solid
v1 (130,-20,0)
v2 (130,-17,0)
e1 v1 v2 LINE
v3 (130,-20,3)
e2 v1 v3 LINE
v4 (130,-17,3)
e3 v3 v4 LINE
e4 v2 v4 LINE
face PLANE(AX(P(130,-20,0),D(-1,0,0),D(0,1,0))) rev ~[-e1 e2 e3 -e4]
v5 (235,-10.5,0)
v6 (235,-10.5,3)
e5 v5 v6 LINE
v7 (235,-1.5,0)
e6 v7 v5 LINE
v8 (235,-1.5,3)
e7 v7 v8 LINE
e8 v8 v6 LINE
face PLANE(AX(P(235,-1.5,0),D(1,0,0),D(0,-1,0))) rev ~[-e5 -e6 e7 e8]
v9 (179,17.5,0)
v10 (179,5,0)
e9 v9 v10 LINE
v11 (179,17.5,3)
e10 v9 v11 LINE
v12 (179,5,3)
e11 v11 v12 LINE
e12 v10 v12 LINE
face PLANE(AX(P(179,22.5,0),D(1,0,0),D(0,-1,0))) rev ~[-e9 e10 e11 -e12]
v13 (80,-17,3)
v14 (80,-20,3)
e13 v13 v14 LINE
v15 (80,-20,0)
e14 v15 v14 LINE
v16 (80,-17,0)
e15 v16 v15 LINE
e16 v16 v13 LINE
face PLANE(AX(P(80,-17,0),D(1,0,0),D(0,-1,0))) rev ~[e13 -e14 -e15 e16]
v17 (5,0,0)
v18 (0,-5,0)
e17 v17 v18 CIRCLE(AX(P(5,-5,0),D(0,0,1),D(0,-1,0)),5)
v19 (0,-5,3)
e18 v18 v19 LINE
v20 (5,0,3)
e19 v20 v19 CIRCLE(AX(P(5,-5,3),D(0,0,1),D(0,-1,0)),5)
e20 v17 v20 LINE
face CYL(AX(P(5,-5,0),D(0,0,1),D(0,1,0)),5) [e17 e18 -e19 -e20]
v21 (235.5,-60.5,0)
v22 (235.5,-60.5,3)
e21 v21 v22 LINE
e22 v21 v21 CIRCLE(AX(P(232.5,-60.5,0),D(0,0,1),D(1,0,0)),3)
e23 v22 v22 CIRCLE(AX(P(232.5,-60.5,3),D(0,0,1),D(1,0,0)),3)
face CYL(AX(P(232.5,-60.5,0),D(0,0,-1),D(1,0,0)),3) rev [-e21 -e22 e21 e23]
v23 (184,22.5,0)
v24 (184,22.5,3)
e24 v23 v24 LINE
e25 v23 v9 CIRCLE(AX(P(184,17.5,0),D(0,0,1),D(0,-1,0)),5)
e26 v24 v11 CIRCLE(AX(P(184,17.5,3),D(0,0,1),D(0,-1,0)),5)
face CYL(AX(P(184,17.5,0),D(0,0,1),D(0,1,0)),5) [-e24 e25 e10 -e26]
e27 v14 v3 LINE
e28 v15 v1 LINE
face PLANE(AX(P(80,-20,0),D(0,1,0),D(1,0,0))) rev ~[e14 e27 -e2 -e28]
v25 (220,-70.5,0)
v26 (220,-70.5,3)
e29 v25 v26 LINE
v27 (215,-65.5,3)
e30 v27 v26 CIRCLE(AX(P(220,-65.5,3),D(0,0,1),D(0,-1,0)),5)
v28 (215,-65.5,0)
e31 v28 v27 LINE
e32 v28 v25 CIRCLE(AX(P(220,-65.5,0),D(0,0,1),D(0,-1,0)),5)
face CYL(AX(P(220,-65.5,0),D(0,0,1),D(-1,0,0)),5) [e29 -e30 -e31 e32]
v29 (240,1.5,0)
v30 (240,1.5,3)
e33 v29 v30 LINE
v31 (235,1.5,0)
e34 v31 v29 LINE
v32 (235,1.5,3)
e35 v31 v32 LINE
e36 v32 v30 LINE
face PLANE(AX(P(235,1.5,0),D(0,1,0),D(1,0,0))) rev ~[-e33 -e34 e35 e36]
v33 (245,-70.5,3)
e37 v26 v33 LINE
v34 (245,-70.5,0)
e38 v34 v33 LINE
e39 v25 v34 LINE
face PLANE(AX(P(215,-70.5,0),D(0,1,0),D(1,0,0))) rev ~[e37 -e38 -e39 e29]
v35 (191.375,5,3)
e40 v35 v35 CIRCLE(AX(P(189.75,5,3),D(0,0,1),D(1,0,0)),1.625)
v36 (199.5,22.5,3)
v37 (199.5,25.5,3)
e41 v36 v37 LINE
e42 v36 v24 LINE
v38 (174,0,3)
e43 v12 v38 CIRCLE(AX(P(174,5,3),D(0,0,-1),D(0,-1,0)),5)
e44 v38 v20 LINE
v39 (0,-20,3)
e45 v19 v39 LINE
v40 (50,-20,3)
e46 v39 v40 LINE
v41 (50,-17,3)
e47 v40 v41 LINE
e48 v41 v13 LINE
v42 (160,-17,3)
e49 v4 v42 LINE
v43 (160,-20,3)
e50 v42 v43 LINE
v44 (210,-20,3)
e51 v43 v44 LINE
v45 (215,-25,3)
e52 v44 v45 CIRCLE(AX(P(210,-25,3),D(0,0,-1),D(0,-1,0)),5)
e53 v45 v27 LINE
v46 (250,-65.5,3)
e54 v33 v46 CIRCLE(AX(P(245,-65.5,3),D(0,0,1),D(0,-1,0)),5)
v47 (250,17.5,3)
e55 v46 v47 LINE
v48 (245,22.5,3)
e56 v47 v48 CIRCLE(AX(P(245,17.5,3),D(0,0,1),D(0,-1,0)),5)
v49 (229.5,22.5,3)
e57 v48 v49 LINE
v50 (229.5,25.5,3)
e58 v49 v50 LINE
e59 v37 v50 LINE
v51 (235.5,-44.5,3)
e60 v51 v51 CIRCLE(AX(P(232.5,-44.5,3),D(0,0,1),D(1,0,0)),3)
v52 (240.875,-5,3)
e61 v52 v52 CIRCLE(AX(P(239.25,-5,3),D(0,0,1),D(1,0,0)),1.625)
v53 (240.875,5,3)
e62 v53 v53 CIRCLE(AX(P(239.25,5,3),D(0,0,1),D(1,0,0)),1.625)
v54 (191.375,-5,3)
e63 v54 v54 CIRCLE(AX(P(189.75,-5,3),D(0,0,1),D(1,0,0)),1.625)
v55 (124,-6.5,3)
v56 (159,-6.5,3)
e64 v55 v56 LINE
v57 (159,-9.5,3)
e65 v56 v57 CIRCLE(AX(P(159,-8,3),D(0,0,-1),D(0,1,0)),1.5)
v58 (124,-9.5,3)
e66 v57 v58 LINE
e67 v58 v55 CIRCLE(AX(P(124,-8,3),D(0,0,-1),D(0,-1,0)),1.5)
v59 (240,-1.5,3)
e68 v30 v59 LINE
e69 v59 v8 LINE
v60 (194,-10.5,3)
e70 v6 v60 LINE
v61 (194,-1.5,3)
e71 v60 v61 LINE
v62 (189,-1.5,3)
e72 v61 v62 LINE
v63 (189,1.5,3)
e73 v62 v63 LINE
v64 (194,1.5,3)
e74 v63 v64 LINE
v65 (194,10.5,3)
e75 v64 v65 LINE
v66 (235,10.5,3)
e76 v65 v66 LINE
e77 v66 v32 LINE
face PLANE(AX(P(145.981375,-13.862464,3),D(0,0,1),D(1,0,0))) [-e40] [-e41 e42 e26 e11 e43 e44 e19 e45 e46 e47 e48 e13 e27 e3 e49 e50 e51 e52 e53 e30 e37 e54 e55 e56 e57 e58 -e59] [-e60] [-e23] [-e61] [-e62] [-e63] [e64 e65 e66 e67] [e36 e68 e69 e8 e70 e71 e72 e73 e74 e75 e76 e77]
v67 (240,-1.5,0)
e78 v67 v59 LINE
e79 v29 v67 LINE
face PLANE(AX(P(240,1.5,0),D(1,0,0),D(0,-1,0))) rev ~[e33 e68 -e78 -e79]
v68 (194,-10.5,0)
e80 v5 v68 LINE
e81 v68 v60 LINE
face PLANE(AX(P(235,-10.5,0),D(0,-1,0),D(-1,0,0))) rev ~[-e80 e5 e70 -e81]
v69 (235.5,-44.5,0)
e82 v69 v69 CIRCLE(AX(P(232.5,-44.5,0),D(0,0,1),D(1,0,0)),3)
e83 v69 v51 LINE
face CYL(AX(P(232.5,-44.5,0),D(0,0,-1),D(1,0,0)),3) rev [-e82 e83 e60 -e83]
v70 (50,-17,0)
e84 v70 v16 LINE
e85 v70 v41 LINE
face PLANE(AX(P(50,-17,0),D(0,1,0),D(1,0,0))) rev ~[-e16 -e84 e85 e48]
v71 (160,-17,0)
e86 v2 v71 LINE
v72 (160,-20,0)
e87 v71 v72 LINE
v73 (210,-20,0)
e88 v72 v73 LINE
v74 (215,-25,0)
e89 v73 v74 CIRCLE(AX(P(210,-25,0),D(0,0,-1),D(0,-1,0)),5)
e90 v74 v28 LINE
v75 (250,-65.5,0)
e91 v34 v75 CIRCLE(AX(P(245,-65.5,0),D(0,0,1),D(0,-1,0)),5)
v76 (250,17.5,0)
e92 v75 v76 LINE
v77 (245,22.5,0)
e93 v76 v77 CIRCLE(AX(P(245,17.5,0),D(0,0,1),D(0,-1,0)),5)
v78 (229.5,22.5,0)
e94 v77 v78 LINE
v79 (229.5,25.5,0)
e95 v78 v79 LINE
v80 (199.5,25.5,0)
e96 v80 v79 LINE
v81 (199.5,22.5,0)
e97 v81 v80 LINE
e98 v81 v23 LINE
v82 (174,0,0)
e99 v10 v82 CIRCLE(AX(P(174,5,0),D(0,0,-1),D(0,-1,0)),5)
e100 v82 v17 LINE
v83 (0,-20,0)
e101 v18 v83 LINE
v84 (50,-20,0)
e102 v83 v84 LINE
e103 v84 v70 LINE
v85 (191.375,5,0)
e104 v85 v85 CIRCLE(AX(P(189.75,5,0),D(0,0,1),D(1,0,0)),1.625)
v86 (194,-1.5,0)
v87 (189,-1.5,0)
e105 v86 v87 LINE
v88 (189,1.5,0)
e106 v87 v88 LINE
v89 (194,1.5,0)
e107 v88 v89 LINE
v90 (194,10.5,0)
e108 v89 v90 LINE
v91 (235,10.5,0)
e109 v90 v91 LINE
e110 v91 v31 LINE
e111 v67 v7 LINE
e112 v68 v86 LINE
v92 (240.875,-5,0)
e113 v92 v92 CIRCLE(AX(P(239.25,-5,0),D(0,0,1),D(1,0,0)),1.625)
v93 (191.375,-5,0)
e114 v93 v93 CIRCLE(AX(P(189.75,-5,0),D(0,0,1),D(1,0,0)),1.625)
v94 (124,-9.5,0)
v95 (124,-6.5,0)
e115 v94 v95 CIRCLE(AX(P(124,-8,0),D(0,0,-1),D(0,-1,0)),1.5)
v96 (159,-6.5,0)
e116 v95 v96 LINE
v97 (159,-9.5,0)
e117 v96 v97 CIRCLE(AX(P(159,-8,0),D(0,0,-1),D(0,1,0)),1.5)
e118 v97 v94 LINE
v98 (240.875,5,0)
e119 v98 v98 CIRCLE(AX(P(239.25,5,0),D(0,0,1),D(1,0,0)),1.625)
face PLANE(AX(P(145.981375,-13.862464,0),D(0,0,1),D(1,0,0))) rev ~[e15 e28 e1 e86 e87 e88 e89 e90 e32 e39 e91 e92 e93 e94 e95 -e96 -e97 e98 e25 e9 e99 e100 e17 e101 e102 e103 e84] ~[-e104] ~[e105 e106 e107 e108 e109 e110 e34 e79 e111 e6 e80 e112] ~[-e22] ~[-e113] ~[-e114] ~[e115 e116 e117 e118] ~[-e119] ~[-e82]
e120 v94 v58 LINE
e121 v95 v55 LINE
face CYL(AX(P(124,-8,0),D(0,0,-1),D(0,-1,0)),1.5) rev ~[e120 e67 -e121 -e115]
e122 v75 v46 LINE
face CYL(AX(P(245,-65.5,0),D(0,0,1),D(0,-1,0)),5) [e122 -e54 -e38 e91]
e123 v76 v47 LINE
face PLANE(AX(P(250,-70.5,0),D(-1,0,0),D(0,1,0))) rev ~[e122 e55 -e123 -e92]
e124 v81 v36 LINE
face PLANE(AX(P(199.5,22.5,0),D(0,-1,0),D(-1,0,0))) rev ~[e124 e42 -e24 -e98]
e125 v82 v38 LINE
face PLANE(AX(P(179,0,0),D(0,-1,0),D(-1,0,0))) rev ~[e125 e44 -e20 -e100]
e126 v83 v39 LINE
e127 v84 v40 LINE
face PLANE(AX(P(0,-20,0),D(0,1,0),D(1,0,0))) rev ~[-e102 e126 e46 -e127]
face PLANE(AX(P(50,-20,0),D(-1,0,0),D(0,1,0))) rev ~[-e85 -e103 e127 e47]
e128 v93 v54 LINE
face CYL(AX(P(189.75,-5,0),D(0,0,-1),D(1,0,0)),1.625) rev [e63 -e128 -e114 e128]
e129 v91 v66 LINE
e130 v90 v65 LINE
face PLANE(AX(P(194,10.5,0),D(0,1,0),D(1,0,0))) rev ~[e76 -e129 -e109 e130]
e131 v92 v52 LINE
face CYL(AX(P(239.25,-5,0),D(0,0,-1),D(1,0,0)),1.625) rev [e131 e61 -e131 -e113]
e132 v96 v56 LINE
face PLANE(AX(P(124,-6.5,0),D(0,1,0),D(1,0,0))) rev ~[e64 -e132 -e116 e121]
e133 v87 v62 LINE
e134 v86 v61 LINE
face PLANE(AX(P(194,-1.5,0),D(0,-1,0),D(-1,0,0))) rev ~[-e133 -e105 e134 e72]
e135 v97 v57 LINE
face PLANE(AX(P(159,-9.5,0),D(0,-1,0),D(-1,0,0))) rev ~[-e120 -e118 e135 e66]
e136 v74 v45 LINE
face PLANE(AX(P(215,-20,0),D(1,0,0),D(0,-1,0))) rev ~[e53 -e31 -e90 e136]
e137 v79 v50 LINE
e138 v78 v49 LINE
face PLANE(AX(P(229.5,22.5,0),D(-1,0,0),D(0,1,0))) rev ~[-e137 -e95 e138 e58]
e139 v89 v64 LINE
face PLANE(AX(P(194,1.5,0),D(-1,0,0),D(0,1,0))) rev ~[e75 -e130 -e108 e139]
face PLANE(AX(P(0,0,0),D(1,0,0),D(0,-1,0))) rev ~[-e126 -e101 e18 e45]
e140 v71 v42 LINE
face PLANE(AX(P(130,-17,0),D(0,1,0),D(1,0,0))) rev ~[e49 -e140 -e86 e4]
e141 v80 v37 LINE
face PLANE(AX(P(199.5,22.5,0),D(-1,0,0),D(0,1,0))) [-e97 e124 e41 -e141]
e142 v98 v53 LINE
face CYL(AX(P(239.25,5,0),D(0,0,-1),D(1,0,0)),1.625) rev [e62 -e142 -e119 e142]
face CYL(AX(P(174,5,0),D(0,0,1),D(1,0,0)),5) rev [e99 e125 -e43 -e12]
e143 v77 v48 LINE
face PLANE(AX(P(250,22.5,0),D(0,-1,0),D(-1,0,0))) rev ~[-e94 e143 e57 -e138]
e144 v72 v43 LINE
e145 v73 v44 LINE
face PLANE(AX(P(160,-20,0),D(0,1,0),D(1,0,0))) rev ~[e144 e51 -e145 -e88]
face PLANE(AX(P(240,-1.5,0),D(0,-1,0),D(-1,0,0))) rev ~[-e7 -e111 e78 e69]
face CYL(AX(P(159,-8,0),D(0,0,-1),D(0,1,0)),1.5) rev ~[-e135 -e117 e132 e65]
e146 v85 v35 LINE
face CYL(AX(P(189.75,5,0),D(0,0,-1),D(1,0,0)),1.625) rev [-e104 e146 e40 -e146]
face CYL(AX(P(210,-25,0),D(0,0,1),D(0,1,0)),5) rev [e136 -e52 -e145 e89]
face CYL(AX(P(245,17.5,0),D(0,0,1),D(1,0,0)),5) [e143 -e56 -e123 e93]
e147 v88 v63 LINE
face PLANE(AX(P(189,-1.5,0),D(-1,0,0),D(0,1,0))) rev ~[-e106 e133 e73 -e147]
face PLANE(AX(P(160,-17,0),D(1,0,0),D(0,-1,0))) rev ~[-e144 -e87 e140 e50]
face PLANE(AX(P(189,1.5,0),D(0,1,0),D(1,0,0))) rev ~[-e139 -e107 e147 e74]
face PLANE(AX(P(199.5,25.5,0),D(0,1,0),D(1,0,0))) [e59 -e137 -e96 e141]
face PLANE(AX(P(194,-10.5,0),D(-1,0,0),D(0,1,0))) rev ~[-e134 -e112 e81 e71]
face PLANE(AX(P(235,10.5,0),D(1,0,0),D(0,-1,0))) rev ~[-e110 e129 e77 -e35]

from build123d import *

# Parameters (mm, degrees)
ESBO_O1_R                = 3
ESBO_O1_R_2              = 1.625
ESBO_O1_W                = 30
ESBO_O1_H                = 3
RESSALTO_EXTRUS_O1_DEPTH = 3
FILETE1_R                = 5


with BuildPart() as part:
    # Esboço1 → Ressalto-extrusão1 (new body)
    with BuildSketch(Plane.XY):
        Polygon((160, -20), (215, -20), (215, -70.5), (250, -70.5), (250, -20), (250, 22.5), (229.5, 22.5), (199.5, 22.5), (179, 22.5), (179, 0), (0, 0), (0, -20), (50, -20), (50, -17), (80, -17), (80, -20), (130, -20), (130, -17), (160, -17), align=None)
        with Locations((232.5, -60.5)):
            Circle(ESBO_O1_R, mode=Mode.SUBTRACT)
        with Locations((232.5, -44.5)):
            Circle(ESBO_O1_R, mode=Mode.SUBTRACT)
        with BuildLine():
            ThreePointArc((124, -9.5), (122.5, -8), (124, -6.5))
            Line((124, -6.5), (159, -6.5))
            ThreePointArc((159, -6.5), (160.5, -8), (159, -9.5))
            Line((159, -9.5), (124, -9.5))
        make_face(mode=Mode.SUBTRACT)
        with Locations((189.75, -5)):
            Circle(ESBO_O1_R_2, mode=Mode.SUBTRACT)
        Polygon((194, 1.5), (194, 10.5), (235, 10.5), (235, 1.5), (240, 1.5), (240, -1.5), (235, -1.5), (235, -10.5), (194, -10.5), (194, -1.5), (189, -1.5), (189, 1.5), align=None, mode=Mode.SUBTRACT)
        with Locations((239.25, -5)):
            Circle(ESBO_O1_R_2, mode=Mode.SUBTRACT)
        with Locations((189.75, 5)):
            Circle(ESBO_O1_R_2, mode=Mode.SUBTRACT)
        with Locations((239.25, 5)):
            Circle(ESBO_O1_R_2, mode=Mode.SUBTRACT)
        with Locations((214.5, 24)):
            Rectangle(ESBO_O1_W, ESBO_O1_H)
    extrude(amount=RESSALTO_EXTRUS_O1_DEPTH)

    # Filete1
    filete1_edges = [part.edges().sort_by_distance(p)[0] for p in [
        (250, 22.5, 1.5),
        (250, -70.5, 1.5),
        (215, -70.5, 1.5),
        (215, -20, 1.5),
        (0, 0, 1.5),
        (179, 0, 1.5),
        (179, 22.5, 1.5),
    ]]
    fillet(filete1_edges, radius=FILETE1_R)


solid = part.part
